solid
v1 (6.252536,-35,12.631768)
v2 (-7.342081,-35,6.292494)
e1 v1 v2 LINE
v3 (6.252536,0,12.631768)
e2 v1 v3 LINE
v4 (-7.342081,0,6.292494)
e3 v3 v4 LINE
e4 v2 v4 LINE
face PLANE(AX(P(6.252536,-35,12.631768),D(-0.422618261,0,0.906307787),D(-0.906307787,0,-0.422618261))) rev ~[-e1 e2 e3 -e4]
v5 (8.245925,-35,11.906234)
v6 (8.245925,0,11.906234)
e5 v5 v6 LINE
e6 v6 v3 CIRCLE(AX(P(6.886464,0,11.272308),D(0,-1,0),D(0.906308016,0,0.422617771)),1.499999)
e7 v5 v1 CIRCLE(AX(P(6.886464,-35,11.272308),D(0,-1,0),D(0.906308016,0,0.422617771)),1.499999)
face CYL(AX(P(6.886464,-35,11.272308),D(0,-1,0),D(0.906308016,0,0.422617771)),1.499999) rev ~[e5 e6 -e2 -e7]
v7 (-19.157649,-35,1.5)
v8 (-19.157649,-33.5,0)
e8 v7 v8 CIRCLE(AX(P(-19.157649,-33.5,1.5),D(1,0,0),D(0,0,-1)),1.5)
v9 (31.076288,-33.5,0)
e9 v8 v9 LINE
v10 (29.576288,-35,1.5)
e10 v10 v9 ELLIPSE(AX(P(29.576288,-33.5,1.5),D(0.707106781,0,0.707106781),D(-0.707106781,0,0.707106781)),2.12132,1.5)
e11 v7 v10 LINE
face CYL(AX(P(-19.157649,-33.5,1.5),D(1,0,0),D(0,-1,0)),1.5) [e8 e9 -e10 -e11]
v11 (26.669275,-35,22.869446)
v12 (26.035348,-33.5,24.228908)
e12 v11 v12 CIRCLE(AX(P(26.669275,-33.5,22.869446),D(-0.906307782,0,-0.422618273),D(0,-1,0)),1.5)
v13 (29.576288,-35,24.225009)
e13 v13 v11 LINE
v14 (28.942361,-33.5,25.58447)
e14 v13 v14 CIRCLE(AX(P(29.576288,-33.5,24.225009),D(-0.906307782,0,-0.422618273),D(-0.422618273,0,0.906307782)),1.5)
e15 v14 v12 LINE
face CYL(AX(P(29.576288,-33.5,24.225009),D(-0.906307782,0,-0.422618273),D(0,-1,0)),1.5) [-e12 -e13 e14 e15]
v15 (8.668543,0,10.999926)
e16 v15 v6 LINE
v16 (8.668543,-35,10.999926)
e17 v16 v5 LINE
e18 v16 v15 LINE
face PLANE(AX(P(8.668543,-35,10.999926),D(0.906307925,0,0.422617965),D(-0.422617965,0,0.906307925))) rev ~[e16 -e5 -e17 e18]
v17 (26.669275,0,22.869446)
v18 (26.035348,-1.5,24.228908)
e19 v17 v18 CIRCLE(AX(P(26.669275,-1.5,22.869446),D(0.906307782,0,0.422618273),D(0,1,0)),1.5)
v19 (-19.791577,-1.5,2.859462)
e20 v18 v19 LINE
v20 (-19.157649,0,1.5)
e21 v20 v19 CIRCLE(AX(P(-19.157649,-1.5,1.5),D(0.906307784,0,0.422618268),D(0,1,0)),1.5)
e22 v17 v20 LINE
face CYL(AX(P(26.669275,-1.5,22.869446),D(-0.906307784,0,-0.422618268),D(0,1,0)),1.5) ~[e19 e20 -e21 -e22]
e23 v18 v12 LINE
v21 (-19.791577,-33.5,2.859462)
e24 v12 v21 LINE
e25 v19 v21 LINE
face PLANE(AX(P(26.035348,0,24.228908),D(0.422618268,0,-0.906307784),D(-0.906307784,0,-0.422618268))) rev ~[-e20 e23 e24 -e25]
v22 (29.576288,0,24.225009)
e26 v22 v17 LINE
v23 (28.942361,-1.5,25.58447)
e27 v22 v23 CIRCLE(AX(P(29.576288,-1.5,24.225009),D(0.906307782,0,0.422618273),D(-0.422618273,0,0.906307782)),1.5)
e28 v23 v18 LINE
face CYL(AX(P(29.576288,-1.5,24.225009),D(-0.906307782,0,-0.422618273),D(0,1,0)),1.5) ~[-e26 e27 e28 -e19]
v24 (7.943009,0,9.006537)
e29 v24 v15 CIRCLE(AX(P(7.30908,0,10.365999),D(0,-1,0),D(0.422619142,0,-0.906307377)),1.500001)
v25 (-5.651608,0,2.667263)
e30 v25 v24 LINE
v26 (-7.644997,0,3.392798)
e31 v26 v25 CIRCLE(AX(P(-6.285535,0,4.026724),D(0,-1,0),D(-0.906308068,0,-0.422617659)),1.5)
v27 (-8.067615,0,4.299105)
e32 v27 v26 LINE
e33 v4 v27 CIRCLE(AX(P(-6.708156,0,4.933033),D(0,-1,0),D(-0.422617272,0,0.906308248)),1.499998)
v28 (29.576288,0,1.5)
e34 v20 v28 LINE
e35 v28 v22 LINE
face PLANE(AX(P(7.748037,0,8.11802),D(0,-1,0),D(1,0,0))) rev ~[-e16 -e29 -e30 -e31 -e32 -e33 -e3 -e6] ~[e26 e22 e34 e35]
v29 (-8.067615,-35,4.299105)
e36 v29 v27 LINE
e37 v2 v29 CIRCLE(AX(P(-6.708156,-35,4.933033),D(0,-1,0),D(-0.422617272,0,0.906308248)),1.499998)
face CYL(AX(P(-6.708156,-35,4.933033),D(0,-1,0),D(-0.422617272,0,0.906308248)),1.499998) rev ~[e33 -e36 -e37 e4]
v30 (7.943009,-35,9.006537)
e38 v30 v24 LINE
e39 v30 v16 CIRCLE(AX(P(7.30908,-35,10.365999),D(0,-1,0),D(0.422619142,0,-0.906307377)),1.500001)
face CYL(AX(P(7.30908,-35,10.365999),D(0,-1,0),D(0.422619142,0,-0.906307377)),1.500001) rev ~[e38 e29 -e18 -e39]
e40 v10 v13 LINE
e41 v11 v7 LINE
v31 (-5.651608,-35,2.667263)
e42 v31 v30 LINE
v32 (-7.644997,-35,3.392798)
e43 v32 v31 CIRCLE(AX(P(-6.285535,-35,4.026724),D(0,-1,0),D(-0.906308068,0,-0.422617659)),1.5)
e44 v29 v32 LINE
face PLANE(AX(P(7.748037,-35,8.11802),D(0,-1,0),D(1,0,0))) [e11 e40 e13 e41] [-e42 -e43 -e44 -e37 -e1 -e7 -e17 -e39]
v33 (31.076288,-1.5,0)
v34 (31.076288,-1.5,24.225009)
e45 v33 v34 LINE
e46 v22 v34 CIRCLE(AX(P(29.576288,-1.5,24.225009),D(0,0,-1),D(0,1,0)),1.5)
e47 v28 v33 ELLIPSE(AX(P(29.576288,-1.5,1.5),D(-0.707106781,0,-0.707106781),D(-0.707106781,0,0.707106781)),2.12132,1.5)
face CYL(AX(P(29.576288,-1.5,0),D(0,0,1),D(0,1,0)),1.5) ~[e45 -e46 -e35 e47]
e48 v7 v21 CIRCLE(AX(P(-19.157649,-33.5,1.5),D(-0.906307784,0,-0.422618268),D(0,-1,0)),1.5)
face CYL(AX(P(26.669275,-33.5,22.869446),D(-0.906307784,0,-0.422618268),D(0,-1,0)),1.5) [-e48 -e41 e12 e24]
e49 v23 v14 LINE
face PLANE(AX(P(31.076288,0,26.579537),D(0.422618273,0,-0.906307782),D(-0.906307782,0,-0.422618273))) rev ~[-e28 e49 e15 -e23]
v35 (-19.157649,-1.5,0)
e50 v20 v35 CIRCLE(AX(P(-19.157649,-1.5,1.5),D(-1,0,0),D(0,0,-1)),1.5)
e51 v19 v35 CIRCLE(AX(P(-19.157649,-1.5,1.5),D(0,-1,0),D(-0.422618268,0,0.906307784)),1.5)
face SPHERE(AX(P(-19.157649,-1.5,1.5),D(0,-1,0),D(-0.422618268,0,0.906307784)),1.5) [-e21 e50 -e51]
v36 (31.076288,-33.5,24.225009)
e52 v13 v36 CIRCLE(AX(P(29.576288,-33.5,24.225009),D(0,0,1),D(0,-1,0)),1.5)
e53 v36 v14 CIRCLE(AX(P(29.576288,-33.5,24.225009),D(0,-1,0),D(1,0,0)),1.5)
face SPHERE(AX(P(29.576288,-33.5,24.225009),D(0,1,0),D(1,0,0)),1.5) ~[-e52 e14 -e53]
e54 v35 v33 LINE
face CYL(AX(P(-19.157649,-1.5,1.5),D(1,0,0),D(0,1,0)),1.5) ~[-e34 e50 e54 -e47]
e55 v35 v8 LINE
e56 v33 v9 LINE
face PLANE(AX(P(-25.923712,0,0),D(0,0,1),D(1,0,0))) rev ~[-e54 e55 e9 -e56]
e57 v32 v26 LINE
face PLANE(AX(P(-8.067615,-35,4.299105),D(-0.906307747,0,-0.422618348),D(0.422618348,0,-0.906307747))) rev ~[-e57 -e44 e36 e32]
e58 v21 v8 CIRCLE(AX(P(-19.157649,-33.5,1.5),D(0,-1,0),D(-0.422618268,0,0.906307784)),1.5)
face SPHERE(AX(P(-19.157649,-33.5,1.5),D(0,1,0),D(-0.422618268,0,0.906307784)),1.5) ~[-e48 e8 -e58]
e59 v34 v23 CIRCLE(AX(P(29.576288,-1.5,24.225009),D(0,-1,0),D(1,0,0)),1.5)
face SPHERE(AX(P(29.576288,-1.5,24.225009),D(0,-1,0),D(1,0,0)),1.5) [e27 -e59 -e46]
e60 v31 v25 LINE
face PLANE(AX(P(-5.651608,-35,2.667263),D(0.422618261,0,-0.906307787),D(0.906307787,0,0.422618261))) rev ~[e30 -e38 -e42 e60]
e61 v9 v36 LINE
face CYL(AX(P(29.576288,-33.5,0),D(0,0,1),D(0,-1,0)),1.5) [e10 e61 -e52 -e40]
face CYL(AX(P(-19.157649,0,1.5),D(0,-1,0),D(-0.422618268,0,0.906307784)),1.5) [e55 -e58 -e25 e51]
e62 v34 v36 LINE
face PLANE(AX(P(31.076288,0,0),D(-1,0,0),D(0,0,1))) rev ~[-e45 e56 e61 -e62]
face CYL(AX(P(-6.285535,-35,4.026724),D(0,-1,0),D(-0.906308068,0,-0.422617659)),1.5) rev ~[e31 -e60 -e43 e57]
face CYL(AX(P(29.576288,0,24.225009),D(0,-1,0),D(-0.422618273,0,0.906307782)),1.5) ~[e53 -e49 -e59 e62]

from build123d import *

# Parameters (mm, degrees)
F1_DEPTH = 35
F3_DEPTH = 35.001
F4_R     = 1.5
F5_R     = 1.5


with BuildPart() as f1:
    # F0 (on Front) → F1 (new body)
    with BuildSketch(Plane.XZ):
        Polygon((26.035348, 24.228908), (-25.923712, 0), (31.076288, 0), (31.076288, 26.579537), align=None)
    extrude(amount=F1_DEPTH)

    # F2 (on face) → F3 (cut, through all)
    with BuildSketch(Plane.XZ.offset(35)):
        with BuildLine():
            Line((6.252536, 12.631768), (-7.342081, 6.292494))
            ThreePointArc((-7.342081, 6.292494), (-8.117693, 5.446063), (-8.067615, 4.299105))
            Line((-8.067615, 4.299105), (-7.644997, 3.392798))
            ThreePointArc((-7.644997, 3.392798), (-6.798566, 2.617186), (-5.651608, 2.667263))
            Line((-5.651608, 2.667263), (7.943009, 9.006537))
            ThreePointArc((7.943009, 9.006537), (8.71862, 9.852969), (8.668543, 10.999926))
            Line((8.668543, 10.999926), (8.245925, 11.906234))
            ThreePointArc((8.245925, 11.906234), (7.399493, 12.681846), (6.252536, 12.631768))
        make_face()
    extrude(amount=-F3_DEPTH, mode=Mode.SUBTRACT)

    # F4
    f4_edges = [f1.edges().sort_by_distance(p)[0] for p in [
        (-25.923712, -17.5, 0),
        (31.076288, -17.5, 26.579537),
    ]]
    fillet(f4_edges, radius=F4_R)

    # F5
    f5_edges = [f1.edges().sort_by_distance(p)[0] for p in [
        (31.076288, -35, 12.112504),
        (31.076288, 0, 12.112504),
    ]]
    fillet(f5_edges, radius=F5_R)


solid = f1.part
